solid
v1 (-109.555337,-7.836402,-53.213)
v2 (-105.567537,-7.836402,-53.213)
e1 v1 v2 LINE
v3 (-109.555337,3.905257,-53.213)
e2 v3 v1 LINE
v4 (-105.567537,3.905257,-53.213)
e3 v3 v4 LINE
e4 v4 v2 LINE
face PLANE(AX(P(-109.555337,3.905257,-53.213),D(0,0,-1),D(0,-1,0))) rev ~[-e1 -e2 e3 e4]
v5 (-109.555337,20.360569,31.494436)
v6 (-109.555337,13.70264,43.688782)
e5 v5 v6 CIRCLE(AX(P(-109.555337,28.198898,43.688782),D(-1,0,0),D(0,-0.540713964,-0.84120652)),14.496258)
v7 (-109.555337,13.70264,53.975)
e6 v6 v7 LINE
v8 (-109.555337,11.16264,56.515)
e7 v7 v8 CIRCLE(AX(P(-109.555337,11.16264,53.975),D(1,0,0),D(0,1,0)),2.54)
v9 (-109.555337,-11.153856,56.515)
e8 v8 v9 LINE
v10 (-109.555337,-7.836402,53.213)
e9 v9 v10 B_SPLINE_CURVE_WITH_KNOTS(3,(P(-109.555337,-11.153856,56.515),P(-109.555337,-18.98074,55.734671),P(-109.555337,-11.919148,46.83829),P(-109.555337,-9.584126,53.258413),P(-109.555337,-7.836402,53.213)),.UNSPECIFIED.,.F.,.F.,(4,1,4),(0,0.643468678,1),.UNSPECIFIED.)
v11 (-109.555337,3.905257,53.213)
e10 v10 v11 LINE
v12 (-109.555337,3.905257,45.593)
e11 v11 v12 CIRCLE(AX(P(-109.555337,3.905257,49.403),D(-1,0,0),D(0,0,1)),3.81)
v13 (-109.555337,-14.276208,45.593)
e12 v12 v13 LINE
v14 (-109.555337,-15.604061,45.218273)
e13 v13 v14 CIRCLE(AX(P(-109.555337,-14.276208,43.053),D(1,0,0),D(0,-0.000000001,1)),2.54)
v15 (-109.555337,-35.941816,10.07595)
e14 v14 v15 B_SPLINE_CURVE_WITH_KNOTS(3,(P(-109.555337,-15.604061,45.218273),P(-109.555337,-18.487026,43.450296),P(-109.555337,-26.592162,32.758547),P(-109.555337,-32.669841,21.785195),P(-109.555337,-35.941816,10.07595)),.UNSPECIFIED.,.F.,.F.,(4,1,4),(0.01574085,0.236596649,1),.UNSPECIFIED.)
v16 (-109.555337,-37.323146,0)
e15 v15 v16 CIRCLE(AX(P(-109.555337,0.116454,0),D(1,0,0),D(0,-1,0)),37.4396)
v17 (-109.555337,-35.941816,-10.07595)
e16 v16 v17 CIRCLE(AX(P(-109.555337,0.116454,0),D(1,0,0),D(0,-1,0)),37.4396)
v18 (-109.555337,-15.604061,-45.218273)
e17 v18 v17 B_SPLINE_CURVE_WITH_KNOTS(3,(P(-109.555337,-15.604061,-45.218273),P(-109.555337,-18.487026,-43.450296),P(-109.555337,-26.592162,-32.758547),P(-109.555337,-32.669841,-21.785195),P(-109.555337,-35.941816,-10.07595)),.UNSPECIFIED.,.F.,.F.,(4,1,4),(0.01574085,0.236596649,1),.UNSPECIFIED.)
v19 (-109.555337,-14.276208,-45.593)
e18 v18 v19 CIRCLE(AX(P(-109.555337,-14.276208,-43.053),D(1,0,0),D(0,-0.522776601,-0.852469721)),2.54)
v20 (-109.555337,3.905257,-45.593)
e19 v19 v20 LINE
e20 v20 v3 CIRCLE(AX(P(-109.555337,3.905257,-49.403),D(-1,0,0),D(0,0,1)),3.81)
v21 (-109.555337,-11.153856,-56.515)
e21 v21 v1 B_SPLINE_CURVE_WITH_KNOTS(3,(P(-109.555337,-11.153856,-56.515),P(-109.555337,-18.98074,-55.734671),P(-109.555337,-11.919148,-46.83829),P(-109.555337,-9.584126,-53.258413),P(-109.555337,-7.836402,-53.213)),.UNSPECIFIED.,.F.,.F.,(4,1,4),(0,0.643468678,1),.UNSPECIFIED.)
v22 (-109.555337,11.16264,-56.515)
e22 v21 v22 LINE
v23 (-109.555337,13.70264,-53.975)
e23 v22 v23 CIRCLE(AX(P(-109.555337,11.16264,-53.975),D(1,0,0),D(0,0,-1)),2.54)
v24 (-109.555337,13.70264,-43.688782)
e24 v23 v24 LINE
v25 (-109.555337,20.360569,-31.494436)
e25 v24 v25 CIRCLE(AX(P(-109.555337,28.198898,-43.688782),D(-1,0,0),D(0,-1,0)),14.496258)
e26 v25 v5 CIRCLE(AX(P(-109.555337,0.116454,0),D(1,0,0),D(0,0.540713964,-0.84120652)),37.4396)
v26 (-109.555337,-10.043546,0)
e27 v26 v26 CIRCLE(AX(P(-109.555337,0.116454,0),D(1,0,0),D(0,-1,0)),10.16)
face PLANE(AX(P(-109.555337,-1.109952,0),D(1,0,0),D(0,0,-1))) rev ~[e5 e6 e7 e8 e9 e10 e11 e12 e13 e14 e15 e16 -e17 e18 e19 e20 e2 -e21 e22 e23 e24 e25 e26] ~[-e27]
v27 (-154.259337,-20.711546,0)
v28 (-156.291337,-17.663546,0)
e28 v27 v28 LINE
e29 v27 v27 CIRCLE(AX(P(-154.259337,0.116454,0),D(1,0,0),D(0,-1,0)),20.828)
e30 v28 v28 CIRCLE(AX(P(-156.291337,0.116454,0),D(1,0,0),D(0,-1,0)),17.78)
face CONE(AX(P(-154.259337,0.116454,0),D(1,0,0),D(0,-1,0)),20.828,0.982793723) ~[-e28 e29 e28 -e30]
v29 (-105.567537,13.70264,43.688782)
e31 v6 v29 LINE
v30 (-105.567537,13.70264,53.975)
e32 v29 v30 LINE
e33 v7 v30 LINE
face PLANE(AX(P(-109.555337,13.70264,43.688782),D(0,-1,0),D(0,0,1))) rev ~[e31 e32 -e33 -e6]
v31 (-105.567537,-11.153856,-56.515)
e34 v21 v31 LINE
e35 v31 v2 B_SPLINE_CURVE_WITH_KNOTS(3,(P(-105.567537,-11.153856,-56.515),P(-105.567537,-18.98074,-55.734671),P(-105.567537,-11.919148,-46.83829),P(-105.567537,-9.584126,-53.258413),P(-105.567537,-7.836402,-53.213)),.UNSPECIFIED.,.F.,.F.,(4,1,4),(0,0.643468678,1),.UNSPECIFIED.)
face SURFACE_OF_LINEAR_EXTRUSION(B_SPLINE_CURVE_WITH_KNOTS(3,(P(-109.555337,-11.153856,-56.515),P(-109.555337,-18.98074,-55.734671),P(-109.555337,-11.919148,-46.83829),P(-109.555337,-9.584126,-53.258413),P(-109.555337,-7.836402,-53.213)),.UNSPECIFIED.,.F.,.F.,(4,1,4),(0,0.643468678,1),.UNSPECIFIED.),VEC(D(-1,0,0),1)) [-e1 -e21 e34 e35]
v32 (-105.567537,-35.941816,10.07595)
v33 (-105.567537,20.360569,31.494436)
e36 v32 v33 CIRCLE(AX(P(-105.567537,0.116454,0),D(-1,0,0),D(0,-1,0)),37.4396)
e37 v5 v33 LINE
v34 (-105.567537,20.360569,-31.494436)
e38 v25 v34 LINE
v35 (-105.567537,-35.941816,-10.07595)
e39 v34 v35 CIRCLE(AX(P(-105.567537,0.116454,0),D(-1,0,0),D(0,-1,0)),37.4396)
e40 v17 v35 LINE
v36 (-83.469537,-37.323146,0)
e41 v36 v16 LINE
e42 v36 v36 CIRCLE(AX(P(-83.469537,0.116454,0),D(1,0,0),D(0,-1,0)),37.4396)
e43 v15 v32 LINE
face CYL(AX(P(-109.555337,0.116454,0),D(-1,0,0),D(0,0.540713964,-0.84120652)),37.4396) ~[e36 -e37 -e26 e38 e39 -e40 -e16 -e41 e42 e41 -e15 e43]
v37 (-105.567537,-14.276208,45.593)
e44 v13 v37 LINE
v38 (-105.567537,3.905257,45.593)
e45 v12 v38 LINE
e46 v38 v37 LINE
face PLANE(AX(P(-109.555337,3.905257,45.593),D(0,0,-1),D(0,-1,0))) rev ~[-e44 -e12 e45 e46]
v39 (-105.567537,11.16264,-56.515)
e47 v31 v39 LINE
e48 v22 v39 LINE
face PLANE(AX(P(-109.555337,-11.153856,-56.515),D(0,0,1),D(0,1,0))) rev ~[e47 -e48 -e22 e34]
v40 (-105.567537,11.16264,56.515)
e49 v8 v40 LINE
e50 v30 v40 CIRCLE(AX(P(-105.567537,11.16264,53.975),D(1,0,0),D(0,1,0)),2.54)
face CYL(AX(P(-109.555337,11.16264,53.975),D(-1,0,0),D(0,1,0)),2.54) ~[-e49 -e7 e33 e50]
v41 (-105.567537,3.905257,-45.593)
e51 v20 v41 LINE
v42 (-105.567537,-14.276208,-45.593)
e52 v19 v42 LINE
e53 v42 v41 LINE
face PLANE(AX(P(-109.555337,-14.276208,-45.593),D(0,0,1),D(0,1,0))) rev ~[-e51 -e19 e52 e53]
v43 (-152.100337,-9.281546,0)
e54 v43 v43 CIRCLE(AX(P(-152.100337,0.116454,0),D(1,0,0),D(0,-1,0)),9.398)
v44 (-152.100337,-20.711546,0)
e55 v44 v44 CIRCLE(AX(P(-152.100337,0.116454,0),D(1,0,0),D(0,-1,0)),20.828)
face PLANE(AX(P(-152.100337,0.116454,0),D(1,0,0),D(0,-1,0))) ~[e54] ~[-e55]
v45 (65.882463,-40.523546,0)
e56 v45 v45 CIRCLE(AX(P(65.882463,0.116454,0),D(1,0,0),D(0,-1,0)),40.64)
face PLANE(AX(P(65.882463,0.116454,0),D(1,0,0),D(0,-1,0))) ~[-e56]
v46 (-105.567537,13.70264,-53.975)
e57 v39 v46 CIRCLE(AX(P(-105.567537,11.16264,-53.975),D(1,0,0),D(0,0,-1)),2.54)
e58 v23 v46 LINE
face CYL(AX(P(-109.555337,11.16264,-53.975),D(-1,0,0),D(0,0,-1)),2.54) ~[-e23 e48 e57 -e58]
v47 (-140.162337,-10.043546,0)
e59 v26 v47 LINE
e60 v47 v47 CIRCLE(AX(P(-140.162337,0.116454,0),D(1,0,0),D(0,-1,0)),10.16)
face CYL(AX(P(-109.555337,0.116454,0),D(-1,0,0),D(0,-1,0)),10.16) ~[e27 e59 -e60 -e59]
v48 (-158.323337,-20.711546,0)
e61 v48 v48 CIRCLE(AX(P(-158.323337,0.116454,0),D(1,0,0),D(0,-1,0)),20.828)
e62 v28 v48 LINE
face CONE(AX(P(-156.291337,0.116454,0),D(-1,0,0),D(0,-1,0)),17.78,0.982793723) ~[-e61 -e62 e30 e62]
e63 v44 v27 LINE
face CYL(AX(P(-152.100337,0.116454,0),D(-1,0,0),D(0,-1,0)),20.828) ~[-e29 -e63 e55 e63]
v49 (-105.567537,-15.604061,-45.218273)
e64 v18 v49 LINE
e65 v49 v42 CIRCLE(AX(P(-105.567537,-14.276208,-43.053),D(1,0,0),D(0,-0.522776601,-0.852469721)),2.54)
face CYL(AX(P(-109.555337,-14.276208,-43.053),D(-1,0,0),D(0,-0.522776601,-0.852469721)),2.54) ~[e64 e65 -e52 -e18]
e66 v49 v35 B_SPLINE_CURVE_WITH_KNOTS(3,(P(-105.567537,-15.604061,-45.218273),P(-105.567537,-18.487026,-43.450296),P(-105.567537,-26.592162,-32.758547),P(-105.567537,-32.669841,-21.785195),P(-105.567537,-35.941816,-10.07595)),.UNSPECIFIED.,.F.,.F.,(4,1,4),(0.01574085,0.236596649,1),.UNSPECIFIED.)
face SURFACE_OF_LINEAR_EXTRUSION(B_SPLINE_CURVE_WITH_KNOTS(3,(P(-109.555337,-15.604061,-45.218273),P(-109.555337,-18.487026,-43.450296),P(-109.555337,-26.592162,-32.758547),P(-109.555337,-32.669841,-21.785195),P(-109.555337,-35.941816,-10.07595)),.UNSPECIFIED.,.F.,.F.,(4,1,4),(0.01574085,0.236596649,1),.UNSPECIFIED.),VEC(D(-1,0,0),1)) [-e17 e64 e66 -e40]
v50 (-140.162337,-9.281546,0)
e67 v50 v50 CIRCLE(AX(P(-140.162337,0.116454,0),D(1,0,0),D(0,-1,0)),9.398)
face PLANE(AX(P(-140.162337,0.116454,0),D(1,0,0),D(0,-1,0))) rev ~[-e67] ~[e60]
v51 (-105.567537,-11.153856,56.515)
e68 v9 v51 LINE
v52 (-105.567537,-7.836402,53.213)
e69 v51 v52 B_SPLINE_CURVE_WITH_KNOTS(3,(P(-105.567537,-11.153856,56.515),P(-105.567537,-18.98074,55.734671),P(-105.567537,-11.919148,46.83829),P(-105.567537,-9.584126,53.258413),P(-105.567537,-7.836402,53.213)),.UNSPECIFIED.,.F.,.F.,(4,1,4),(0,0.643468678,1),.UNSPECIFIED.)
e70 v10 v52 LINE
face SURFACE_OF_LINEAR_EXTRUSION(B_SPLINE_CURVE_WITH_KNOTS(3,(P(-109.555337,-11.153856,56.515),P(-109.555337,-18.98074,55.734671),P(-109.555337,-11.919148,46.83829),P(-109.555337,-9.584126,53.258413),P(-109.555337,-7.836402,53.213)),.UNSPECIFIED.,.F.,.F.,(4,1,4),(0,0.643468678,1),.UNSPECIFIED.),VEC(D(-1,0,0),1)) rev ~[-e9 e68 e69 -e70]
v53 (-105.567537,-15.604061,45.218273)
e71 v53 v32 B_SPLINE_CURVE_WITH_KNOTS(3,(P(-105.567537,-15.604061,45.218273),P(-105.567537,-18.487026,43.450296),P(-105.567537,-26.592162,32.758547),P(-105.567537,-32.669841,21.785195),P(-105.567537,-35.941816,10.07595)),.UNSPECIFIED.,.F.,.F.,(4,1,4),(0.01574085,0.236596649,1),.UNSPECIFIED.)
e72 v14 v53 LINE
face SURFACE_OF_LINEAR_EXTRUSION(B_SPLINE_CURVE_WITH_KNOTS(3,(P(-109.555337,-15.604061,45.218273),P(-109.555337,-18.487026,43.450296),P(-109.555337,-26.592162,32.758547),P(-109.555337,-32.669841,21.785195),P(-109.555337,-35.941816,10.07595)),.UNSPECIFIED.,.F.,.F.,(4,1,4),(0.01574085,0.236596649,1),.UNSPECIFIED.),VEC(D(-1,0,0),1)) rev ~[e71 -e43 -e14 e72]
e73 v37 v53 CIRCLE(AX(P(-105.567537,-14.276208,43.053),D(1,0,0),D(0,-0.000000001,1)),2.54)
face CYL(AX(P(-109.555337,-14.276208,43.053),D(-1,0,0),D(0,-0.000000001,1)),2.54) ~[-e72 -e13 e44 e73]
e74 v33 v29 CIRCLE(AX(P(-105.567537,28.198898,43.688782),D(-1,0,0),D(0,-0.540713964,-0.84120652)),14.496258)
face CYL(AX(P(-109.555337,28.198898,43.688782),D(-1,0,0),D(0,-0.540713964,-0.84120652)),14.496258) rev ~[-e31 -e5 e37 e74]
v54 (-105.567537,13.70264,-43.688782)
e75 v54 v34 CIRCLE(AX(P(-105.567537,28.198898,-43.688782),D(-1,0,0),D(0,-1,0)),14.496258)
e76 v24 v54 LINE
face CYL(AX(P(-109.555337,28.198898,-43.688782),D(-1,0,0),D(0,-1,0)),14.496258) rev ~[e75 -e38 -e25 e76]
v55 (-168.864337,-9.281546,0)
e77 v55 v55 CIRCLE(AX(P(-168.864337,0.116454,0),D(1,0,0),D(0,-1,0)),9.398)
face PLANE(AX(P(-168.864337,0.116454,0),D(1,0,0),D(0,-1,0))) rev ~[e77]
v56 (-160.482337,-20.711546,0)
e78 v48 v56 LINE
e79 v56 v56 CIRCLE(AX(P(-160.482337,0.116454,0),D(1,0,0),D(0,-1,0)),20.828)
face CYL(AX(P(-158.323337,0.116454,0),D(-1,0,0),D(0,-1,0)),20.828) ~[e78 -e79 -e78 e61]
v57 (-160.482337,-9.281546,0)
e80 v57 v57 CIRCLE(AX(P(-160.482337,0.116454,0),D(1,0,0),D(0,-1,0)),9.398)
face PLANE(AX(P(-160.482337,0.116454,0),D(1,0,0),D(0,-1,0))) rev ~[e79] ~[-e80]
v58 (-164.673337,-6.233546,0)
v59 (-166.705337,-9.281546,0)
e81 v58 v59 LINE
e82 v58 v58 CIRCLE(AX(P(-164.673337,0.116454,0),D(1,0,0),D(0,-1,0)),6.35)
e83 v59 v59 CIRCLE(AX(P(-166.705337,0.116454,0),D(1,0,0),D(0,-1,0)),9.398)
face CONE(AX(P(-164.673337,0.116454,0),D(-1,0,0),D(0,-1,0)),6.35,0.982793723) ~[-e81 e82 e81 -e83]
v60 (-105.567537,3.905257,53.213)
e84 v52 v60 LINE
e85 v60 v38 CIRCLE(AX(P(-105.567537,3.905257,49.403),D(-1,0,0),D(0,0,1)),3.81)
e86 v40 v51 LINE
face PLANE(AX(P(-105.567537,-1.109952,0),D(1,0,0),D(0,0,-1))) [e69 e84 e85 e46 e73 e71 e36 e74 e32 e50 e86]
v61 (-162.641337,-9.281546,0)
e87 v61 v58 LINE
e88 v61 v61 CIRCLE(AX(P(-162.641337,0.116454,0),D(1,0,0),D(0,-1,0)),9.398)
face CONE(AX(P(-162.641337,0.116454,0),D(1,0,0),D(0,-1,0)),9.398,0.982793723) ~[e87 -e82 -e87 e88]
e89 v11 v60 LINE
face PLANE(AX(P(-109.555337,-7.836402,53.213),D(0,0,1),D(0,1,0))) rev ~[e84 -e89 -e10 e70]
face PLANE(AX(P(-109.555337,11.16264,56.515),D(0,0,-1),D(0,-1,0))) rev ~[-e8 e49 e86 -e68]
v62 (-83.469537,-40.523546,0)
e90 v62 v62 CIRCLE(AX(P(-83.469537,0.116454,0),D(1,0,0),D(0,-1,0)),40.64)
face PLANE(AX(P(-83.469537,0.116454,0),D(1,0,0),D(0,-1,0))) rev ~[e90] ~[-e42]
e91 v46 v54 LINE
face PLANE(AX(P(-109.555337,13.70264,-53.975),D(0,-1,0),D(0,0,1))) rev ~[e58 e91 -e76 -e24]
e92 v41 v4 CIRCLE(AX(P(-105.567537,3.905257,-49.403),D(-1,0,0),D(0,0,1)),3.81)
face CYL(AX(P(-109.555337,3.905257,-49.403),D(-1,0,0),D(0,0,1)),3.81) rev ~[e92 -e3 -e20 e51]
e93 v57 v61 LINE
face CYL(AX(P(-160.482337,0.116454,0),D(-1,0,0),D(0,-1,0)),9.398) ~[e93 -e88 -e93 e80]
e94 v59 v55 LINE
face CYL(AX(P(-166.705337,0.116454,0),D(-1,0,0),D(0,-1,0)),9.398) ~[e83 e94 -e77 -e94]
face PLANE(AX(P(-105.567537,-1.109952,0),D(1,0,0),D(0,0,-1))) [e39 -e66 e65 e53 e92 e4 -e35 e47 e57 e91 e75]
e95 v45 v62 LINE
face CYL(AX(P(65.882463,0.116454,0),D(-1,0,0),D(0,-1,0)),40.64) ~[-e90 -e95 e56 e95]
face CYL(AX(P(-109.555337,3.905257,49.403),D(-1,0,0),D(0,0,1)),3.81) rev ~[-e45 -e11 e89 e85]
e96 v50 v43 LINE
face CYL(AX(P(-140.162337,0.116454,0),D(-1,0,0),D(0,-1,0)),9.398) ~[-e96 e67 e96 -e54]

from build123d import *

# Parameters (mm, degrees)
BOSS_EXTRUDE1_DEPTH = 3.9878


with BuildPart() as part:
    # Sketch1 → Revolve3 (revolve)
    with BuildSketch(Plane.XY, mode=Mode.PRIVATE) as revolve3_sk:
        Polygon((65.88246304, 0.116454427), (65.88246304, 40.756454427), (-83.46953696, 40.756454427), (-83.46953696, 37.556054427), (-109.55533696, 37.556054427), (-109.55533696, 10.276454427), (-140.16233696, 10.276454427), (-140.16233696, 9.514454427), (-152.10033696, 9.514454427), (-152.10033696, 20.944454427), (-154.25933696, 20.944454427), (-156.29133696, 17.896454427), (-158.32333696, 20.944454427), (-160.48233696, 20.944454427), (-160.48233696, 9.514454427), (-162.64133696, 9.514454427), (-164.67333696, 6.466454427), (-166.70533696, 9.514454427), (-168.86433696, 9.514454427), (-168.86433696, 0.116454427), align=None)
    revolve(revolve3_sk.sketch.rotate(Axis((-168.86433696, 0.116454427, 0), (1, 0, 0)), 180), axis=Axis((-168.86433696, 0.116454427, 0), (1, 0, 0)))

    # Sketch3 → Boss-Extrude1 (add)
    with BuildSketch(Plane.ZY.offset(109.55533696)):
        with BuildLine():
            Line((43.68878247, 13.702640012), (53.975, 13.702640012))
            ThreePointArc((53.975, 13.702640012), (55.771051224, 12.958691236), (56.515, 11.162640012))
            Line((56.515, 11.162640012), (56.515, -11.153855692))
            add(Edge.make_bspline(
                [(56.515, -11.153855692), (55.734670507, -18.980740225), (46.838290405, -11.919148259), (53.258412532, -9.584126469), (53.213, -7.836402131)],
                knots=[0, 0, 0, 0, 0.643468678, 1, 1, 1, 1], degree=3))
            Line((53.213, -7.836402131), (53.213, 3.905256993))
            ThreePointArc((53.213, 3.905256993), (49.403, 7.715256993), (45.593, 3.905256993))
            Line((45.593, 3.905256993), (45.593, -14.276208246))
            ThreePointArc((45.593, -14.276208246), (45.497523844, -14.966065604), (45.21827309, -15.604060815))
            add(Edge.make_bspline(
                [(45.21827309, -15.604060815), (43.450296459, -18.48702562), (32.758547283, -26.592162263), (21.785194585, -32.669841259), (10.075949561, -35.941816311)],
                knots=[0.01574085, 0.01574085, 0.01574085, 0.01574085, 0.236596649, 1, 1, 1, 1], degree=3))
            ThreePointArc((10.075949561, -35.941816311), (0, -37.323145573), (-10.075949561, -35.941816311))
            add(Edge.make_bspline(
                [(-45.21827309, -15.604060815), (-43.450296459, -18.48702562), (-32.758547283, -26.592162263), (-21.785194585, -32.669841259), (-10.075949561, -35.941816311)],
                knots=[0.01574085, 0.01574085, 0.01574085, 0.01574085, 0.236596649, 1, 1, 1, 1], degree=3))
            ThreePointArc((-45.21827309, -15.604060815), (-45.497523844, -14.966065604), (-45.593, -14.276208246))
            Line((-45.593, -14.276208246), (-45.593, 3.905256993))
            ThreePointArc((-45.593, 3.905256993), (-49.403, 7.715256993), (-53.213, 3.905256993))
            Line((-53.213, 3.905256993), (-53.213, -7.836402131))
            add(Edge.make_bspline(
                [(-56.515, -11.153855692), (-55.734670507, -18.980740225), (-46.838290405, -11.919148259), (-53.258412532, -9.584126469), (-53.213, -7.836402131)],
                knots=[0, 0, 0, 0, 0.643468678, 1, 1, 1, 1], degree=3))
            Line((-56.515, -11.153855692), (-56.515, 11.162640012))
            ThreePointArc((-56.515, 11.162640012), (-55.771051224, 12.958691236), (-53.975, 13.702640012))
            Line((-53.975, 13.702640012), (-43.68878247, 13.702640012))
            ThreePointArc((-43.68878247, 13.702640012), (-36.742018611, 15.475534924), (-31.494435631, 20.360568941))
            ThreePointArc((-31.494435631, 20.360568941), (0, 37.556054427), (31.494435631, 20.360568941))
            ThreePointArc((31.494435631, 20.360568941), (36.742018611, 15.475534924), (43.68878247, 13.702640012))
        make_face()
    extrude(amount=-BOSS_EXTRUDE1_DEPTH)


solid = part.part
